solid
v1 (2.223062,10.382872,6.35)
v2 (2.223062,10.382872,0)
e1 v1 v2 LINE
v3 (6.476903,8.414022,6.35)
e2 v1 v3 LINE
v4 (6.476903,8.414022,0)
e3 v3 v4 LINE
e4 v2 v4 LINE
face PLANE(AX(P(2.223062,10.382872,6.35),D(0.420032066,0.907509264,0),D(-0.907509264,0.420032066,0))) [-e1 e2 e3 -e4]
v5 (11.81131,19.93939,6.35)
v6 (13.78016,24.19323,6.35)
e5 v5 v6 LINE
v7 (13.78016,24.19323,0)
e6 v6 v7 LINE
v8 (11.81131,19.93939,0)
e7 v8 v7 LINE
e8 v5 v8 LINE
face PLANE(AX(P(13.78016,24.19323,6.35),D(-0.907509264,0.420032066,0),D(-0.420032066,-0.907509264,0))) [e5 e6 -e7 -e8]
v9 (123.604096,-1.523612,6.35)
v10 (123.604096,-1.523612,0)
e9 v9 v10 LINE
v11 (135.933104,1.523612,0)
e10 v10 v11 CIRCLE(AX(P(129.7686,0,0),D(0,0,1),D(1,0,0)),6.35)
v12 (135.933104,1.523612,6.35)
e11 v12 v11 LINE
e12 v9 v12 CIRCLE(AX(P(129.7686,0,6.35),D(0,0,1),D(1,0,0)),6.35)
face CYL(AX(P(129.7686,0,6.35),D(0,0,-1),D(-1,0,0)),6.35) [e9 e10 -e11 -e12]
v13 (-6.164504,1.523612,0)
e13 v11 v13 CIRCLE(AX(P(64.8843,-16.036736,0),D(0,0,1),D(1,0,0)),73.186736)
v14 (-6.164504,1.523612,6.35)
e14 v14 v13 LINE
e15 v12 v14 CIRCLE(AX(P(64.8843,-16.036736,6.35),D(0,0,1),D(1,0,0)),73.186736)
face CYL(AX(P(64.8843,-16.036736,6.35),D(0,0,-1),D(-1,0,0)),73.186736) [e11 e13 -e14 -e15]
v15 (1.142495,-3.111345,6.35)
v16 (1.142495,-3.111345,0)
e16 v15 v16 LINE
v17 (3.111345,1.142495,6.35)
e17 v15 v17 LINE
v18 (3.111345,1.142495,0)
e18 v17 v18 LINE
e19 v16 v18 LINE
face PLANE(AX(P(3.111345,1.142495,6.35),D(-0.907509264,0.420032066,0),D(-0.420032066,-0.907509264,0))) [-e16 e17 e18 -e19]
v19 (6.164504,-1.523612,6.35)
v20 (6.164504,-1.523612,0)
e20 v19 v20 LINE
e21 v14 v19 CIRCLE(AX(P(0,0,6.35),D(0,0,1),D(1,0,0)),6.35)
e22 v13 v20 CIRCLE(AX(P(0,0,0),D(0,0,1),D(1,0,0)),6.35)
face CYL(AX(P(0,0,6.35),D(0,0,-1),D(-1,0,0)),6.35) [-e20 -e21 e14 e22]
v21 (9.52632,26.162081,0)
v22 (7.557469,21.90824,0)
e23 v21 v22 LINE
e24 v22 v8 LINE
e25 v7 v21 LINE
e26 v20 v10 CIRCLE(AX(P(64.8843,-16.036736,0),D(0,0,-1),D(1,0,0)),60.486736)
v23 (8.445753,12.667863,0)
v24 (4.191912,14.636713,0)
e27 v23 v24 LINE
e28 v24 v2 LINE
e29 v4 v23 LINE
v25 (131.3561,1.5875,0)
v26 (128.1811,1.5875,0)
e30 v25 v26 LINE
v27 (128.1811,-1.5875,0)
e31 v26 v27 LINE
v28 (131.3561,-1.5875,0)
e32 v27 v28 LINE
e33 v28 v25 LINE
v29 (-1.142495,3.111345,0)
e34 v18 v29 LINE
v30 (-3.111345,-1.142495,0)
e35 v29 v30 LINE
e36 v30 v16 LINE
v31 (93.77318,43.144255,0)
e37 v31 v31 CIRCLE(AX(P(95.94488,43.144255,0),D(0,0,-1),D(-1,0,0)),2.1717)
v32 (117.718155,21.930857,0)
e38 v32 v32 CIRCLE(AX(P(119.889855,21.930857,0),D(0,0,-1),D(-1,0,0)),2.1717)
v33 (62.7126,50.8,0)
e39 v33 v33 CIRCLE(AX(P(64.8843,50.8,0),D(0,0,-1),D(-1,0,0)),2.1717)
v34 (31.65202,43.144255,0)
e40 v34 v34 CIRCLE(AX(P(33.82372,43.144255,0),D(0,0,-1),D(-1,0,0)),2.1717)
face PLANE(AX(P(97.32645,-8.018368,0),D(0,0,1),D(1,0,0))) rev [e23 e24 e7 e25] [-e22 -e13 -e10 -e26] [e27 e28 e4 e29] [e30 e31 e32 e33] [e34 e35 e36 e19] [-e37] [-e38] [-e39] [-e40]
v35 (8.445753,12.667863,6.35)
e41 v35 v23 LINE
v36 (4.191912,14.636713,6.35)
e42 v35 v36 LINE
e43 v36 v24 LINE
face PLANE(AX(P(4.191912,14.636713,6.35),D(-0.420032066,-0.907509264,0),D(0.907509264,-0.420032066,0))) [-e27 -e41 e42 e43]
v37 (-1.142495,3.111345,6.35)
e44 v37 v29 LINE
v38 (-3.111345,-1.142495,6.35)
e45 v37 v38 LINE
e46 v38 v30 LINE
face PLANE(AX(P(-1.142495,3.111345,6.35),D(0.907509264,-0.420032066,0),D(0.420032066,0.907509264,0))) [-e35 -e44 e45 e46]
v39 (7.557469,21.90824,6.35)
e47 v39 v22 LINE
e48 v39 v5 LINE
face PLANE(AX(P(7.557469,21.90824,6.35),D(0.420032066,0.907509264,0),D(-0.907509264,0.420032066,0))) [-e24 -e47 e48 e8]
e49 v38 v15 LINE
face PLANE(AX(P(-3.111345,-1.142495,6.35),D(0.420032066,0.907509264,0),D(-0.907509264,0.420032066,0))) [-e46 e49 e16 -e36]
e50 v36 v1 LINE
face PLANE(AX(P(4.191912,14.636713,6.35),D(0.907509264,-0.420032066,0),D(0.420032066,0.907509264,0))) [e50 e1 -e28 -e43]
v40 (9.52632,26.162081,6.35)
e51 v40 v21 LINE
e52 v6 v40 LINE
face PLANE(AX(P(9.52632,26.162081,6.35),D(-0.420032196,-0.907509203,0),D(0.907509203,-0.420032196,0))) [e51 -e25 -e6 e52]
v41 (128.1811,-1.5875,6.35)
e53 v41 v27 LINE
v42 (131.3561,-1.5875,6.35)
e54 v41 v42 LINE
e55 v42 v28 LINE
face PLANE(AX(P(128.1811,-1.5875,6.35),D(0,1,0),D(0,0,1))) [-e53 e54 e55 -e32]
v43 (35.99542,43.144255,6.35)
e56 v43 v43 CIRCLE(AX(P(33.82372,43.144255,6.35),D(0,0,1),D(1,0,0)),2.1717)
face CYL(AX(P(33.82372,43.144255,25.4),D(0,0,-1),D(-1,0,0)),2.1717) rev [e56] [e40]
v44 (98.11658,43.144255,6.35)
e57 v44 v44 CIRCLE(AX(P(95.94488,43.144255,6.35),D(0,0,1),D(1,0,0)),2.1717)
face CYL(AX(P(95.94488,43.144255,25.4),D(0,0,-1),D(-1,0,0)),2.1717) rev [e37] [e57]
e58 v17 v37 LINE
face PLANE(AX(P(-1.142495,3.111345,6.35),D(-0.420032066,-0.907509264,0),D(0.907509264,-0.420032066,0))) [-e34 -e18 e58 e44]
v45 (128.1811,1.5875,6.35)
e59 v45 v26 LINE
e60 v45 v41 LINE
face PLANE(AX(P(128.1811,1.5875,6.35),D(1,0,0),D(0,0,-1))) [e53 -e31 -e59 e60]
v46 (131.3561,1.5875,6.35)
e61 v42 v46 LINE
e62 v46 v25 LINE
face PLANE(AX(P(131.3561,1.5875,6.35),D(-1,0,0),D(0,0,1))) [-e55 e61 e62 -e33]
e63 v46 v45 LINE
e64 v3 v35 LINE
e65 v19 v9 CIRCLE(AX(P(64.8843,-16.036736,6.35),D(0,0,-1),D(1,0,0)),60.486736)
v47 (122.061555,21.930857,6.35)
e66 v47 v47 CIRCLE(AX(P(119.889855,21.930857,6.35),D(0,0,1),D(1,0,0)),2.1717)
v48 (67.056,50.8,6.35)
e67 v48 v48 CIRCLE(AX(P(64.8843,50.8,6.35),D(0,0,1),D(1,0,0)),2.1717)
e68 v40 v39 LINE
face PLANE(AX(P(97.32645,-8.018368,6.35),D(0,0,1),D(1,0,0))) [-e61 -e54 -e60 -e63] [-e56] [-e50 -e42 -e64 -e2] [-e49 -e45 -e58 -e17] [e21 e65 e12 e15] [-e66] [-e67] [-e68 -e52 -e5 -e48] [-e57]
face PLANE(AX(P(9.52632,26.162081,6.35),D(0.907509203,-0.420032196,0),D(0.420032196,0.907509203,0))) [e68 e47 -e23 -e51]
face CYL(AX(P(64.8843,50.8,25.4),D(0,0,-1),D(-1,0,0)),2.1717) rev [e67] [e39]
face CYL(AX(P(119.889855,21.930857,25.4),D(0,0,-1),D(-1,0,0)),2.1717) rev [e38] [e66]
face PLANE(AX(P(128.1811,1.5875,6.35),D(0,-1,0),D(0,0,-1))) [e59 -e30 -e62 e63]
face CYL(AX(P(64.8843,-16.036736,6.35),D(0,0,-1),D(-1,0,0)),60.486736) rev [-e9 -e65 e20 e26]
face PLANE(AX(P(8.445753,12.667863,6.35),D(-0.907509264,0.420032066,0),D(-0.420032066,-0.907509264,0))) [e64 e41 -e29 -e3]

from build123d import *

# Parameters (mm, degrees)
SKETCH2_W           = 3.175
SKETCH2_H           = 3.175
BOSS_EXTRUDE1_DEPTH = 6.35
SKETCH5_R           = 2.1717
CUT_EXTRUDE1_DEPTH  = 25.4


with BuildPart() as part:
    # Sketch2 → Boss-Extrude1 (new body)
    with BuildSketch(Plane.XY):
        with BuildLine():
            ThreePointArc((135.933103671, 1.523612314), (64.8843, 57.15), (-6.164503671, 1.523612314))
            ThreePointArc((-6.164503671, 1.523612314), (-1.523612314, -6.164503671), (6.164503671, -1.523612314))
            ThreePointArc((6.164503671, -1.523612314), (64.8843, 44.45), (123.604096329, -1.523612314))
            ThreePointArc((123.604096329, -1.523612314), (131.292212314, -6.164503671), (135.933103671, 1.523612314))
        make_face()
        Polygon((-1.142495341, 3.111345083), (3.111345083, 1.142495341), (1.142495341, -3.111345083), (-3.111345083, -1.142495341), align=None, mode=Mode.SUBTRACT)
        with Locations((129.7686, 0)):
            Rectangle(SKETCH2_W, SKETCH2_H, mode=Mode.SUBTRACT)
        Polygon((4.191911882, 14.636713109), (2.223061999, 10.38287238), (6.476902727, 8.414022496), (8.445752611, 12.667863225), align=None, mode=Mode.SUBTRACT)
        Polygon((9.526319716, 26.162080852), (7.55746908, 21.9082401), (11.811310114, 19.939390075), (13.780159857, 24.193230498), align=None, mode=Mode.SUBTRACT)
    extrude(amount=BOSS_EXTRUDE1_DEPTH)

    # Sketch5 → Cut-Extrude1 (cut)
    with BuildSketch(Plane(origin=(0, 0, 0), x_dir=(-1, 0, 0), z_dir=(0, 0, -1))):
        with Locations((-64.8843, 50.8)):
            Circle(SKETCH5_R)
        with Locations((-33.823719996, 43.144254616)):
            Circle(SKETCH5_R)
        with Locations((-119.889855449, 21.93085747)):
            Circle(SKETCH5_R)
        with Locations((-95.944880004, 43.144254616)):
            Circle(SKETCH5_R)
    extrude(amount=-CUT_EXTRUDE1_DEPTH, mode=Mode.SUBTRACT)


solid = part.part
